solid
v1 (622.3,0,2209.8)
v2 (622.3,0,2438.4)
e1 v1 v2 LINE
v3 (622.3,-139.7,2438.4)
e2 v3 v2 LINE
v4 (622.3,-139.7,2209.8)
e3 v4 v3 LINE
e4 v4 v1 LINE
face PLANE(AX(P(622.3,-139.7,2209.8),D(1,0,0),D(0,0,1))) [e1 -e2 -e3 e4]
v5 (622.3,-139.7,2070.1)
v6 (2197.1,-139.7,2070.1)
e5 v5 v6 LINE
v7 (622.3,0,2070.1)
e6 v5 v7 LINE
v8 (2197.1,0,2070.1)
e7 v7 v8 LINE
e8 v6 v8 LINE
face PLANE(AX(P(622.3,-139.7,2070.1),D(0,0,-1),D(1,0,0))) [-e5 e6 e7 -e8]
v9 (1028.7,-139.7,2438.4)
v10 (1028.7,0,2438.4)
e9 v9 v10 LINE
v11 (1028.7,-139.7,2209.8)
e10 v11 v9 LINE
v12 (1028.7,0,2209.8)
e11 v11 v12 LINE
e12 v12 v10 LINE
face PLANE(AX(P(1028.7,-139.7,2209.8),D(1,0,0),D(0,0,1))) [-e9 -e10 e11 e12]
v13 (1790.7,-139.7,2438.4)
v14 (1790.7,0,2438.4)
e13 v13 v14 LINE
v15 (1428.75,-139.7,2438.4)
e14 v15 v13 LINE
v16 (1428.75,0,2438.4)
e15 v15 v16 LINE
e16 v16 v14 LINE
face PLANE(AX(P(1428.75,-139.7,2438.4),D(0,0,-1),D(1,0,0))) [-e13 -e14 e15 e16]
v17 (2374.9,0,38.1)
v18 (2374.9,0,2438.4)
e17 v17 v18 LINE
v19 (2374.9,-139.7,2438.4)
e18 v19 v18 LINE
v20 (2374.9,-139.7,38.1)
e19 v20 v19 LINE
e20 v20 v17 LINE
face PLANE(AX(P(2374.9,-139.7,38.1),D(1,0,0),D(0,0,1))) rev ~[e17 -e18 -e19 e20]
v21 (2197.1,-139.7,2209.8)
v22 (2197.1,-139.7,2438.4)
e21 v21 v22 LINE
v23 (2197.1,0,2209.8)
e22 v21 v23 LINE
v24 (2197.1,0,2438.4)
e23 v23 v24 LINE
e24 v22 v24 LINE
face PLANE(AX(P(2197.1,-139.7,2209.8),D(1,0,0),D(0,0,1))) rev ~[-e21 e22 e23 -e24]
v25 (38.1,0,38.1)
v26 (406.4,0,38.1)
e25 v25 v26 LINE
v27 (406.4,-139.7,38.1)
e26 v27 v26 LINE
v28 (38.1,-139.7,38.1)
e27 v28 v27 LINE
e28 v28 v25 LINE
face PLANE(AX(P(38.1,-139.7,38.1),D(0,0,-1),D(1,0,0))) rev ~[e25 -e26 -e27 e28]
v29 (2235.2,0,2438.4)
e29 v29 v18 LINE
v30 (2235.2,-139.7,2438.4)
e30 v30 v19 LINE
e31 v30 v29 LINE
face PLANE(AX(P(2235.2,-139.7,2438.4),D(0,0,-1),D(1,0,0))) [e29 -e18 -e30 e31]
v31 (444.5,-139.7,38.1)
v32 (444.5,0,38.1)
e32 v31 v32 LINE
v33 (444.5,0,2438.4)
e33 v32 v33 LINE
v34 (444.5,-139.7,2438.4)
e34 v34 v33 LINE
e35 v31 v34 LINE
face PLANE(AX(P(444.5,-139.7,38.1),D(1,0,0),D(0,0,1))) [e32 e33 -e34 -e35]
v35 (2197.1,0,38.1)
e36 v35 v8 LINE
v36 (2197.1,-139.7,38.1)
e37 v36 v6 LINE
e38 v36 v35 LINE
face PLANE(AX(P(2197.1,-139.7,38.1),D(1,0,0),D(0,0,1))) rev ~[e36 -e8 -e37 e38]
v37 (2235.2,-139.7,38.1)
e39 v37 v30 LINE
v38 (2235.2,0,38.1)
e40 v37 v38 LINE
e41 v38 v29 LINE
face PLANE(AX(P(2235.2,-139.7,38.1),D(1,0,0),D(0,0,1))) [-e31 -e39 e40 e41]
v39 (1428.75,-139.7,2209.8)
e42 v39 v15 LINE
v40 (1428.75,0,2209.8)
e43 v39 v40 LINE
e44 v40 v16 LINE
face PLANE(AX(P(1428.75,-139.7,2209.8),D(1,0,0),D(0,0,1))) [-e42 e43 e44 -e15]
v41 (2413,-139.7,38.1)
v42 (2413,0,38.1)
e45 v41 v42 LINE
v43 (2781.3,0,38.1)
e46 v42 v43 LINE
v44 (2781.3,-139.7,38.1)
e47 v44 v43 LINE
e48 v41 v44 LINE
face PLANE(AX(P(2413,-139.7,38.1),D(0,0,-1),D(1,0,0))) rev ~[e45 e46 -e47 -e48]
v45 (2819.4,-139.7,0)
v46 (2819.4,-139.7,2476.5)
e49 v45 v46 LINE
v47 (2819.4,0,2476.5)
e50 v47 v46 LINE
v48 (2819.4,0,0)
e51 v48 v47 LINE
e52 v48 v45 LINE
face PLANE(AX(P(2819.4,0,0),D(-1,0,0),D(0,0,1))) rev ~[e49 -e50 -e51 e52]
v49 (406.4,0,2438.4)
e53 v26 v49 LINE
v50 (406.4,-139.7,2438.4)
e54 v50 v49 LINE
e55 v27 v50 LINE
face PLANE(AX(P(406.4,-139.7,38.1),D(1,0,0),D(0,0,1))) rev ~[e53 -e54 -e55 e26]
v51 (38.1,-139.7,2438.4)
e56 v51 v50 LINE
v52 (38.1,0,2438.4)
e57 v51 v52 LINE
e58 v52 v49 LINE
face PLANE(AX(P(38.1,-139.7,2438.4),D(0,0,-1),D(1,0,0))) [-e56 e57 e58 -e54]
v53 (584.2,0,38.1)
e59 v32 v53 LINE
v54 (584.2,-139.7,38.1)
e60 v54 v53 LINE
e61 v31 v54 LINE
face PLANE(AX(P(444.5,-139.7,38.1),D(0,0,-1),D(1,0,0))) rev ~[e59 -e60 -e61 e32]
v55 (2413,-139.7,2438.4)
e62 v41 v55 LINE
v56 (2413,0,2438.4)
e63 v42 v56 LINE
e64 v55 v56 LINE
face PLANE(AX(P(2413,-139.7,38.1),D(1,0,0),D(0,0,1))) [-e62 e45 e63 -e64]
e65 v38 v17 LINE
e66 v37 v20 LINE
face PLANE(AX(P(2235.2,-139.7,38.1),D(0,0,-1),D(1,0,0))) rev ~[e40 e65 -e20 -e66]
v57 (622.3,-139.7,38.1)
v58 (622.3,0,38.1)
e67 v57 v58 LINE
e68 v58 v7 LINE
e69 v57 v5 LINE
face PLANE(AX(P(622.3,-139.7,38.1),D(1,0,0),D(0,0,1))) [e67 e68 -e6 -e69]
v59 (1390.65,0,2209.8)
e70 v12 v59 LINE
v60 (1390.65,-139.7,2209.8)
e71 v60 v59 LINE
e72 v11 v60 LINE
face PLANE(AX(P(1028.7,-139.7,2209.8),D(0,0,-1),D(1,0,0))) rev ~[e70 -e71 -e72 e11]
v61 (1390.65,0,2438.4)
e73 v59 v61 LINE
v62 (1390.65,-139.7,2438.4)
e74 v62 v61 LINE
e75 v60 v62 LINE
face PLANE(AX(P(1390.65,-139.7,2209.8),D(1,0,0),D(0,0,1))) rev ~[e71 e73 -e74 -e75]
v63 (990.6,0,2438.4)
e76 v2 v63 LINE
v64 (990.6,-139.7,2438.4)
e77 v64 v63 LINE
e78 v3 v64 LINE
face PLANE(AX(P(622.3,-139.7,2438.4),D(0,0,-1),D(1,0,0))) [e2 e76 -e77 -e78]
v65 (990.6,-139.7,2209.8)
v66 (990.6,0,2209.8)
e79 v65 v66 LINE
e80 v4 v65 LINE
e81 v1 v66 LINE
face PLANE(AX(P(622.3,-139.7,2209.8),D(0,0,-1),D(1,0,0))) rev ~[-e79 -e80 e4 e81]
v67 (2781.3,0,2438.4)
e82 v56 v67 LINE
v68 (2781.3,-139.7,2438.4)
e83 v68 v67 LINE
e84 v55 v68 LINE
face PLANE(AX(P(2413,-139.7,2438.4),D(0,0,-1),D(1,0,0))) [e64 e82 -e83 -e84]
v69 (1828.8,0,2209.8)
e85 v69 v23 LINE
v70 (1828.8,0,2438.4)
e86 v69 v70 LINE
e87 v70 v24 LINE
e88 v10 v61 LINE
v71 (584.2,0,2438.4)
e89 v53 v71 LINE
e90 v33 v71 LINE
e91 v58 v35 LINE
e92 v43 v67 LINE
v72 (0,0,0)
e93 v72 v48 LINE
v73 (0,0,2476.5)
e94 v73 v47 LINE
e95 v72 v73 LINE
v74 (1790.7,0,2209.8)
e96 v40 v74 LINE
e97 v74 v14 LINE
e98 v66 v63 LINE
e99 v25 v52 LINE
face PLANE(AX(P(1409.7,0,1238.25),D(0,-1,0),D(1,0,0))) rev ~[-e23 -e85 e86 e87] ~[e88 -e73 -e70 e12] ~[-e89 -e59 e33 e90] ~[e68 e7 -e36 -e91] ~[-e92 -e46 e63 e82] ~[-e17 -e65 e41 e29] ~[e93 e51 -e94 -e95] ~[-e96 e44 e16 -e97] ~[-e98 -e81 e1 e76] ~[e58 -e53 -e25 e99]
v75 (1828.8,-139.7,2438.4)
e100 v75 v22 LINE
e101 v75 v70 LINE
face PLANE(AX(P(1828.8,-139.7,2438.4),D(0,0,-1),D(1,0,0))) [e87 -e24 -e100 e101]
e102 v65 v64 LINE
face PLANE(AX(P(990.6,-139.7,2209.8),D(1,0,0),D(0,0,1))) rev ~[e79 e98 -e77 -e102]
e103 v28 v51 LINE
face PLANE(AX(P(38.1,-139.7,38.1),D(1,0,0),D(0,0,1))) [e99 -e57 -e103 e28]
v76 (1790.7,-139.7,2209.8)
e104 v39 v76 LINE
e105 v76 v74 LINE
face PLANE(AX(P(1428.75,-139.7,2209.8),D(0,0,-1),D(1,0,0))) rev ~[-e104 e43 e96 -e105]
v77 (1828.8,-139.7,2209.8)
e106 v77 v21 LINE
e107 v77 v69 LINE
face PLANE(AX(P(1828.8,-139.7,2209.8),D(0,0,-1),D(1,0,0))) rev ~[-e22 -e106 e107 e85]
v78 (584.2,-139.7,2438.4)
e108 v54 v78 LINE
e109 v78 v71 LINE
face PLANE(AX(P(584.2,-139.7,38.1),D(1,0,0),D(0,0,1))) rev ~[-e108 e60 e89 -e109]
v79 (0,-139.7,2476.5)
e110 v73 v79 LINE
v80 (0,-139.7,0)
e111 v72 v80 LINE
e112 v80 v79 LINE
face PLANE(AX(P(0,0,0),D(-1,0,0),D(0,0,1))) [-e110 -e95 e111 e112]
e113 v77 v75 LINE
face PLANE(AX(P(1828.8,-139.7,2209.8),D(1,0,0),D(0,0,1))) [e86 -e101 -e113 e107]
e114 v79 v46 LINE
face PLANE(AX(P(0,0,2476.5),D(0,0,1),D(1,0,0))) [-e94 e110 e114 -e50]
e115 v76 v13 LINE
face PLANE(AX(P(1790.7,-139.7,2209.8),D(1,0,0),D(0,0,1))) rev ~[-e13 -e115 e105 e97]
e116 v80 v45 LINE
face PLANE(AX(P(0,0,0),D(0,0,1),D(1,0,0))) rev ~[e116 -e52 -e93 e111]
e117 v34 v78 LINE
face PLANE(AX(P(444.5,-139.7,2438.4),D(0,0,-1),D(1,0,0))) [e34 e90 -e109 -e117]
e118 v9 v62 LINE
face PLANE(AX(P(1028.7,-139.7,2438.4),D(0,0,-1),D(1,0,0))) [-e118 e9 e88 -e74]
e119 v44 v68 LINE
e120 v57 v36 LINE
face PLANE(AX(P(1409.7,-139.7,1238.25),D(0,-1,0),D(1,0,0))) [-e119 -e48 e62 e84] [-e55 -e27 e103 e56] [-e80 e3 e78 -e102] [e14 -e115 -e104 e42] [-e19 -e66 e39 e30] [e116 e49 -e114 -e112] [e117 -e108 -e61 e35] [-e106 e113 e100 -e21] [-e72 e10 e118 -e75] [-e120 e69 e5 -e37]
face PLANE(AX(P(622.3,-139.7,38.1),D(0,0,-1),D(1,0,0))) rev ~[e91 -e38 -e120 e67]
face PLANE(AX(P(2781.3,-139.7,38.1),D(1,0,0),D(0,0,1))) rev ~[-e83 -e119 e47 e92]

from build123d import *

# Parameters (mm, degrees)
F0_W     = 2819.4
F0_H     = 2476.5
F1_DEPTH = 139.7
F2_W     = 1574.8
F2_H     = 2032
F3_DEPTH = 139.701
F4_W     = 368.3
F4_H     = 2400.3
F4_W_2   = 139.7
F4_H_2   = 228.6
F4_W_3   = 361.95
F5_DEPTH = 139.701


with BuildPart() as f1:
    # F0 (on Front) → F1 (new body)
    with BuildSketch(Plane.XZ):
        with Locations((1409.7, 1238.25)):
            Rectangle(F0_W, F0_H)
    extrude(amount=F1_DEPTH)

    # F2 (on face) → F3 (cut, through all)
    with BuildSketch(Plane.XZ.offset(139.7)):
        with Locations((1409.7, 1054.1)):
            Rectangle(F2_W, F2_H)
    extrude(amount=-F3_DEPTH, mode=Mode.SUBTRACT)

    # F4 (on face) → F5 (cut, through all)
    with BuildSketch(Plane.XZ.offset(139.7)):
        with Locations((2597.15, 1238.25)):
            Rectangle(F4_W, F4_H)
        with Locations((2305.05, 1238.25)):
            Rectangle(F4_W_2, F4_H)
        with Locations((2012.95, 2324.1)):
            Rectangle(F4_W, F4_H_2)
        with Locations((222.25, 1238.25)):
            Rectangle(F4_W, F4_H)
        with Locations((514.35, 1238.25)):
            Rectangle(F4_W_2, F4_H)
        with Locations((806.45, 2324.1)):
            Rectangle(F4_W, F4_H_2)
        with Locations((1209.675, 2324.1)):
            Rectangle(F4_W_3, F4_H_2)
        with Locations((1609.725, 2324.1)):
            Rectangle(F4_W_3, F4_H_2)
    extrude(amount=-F5_DEPTH, mode=Mode.SUBTRACT)


solid = f1.part
